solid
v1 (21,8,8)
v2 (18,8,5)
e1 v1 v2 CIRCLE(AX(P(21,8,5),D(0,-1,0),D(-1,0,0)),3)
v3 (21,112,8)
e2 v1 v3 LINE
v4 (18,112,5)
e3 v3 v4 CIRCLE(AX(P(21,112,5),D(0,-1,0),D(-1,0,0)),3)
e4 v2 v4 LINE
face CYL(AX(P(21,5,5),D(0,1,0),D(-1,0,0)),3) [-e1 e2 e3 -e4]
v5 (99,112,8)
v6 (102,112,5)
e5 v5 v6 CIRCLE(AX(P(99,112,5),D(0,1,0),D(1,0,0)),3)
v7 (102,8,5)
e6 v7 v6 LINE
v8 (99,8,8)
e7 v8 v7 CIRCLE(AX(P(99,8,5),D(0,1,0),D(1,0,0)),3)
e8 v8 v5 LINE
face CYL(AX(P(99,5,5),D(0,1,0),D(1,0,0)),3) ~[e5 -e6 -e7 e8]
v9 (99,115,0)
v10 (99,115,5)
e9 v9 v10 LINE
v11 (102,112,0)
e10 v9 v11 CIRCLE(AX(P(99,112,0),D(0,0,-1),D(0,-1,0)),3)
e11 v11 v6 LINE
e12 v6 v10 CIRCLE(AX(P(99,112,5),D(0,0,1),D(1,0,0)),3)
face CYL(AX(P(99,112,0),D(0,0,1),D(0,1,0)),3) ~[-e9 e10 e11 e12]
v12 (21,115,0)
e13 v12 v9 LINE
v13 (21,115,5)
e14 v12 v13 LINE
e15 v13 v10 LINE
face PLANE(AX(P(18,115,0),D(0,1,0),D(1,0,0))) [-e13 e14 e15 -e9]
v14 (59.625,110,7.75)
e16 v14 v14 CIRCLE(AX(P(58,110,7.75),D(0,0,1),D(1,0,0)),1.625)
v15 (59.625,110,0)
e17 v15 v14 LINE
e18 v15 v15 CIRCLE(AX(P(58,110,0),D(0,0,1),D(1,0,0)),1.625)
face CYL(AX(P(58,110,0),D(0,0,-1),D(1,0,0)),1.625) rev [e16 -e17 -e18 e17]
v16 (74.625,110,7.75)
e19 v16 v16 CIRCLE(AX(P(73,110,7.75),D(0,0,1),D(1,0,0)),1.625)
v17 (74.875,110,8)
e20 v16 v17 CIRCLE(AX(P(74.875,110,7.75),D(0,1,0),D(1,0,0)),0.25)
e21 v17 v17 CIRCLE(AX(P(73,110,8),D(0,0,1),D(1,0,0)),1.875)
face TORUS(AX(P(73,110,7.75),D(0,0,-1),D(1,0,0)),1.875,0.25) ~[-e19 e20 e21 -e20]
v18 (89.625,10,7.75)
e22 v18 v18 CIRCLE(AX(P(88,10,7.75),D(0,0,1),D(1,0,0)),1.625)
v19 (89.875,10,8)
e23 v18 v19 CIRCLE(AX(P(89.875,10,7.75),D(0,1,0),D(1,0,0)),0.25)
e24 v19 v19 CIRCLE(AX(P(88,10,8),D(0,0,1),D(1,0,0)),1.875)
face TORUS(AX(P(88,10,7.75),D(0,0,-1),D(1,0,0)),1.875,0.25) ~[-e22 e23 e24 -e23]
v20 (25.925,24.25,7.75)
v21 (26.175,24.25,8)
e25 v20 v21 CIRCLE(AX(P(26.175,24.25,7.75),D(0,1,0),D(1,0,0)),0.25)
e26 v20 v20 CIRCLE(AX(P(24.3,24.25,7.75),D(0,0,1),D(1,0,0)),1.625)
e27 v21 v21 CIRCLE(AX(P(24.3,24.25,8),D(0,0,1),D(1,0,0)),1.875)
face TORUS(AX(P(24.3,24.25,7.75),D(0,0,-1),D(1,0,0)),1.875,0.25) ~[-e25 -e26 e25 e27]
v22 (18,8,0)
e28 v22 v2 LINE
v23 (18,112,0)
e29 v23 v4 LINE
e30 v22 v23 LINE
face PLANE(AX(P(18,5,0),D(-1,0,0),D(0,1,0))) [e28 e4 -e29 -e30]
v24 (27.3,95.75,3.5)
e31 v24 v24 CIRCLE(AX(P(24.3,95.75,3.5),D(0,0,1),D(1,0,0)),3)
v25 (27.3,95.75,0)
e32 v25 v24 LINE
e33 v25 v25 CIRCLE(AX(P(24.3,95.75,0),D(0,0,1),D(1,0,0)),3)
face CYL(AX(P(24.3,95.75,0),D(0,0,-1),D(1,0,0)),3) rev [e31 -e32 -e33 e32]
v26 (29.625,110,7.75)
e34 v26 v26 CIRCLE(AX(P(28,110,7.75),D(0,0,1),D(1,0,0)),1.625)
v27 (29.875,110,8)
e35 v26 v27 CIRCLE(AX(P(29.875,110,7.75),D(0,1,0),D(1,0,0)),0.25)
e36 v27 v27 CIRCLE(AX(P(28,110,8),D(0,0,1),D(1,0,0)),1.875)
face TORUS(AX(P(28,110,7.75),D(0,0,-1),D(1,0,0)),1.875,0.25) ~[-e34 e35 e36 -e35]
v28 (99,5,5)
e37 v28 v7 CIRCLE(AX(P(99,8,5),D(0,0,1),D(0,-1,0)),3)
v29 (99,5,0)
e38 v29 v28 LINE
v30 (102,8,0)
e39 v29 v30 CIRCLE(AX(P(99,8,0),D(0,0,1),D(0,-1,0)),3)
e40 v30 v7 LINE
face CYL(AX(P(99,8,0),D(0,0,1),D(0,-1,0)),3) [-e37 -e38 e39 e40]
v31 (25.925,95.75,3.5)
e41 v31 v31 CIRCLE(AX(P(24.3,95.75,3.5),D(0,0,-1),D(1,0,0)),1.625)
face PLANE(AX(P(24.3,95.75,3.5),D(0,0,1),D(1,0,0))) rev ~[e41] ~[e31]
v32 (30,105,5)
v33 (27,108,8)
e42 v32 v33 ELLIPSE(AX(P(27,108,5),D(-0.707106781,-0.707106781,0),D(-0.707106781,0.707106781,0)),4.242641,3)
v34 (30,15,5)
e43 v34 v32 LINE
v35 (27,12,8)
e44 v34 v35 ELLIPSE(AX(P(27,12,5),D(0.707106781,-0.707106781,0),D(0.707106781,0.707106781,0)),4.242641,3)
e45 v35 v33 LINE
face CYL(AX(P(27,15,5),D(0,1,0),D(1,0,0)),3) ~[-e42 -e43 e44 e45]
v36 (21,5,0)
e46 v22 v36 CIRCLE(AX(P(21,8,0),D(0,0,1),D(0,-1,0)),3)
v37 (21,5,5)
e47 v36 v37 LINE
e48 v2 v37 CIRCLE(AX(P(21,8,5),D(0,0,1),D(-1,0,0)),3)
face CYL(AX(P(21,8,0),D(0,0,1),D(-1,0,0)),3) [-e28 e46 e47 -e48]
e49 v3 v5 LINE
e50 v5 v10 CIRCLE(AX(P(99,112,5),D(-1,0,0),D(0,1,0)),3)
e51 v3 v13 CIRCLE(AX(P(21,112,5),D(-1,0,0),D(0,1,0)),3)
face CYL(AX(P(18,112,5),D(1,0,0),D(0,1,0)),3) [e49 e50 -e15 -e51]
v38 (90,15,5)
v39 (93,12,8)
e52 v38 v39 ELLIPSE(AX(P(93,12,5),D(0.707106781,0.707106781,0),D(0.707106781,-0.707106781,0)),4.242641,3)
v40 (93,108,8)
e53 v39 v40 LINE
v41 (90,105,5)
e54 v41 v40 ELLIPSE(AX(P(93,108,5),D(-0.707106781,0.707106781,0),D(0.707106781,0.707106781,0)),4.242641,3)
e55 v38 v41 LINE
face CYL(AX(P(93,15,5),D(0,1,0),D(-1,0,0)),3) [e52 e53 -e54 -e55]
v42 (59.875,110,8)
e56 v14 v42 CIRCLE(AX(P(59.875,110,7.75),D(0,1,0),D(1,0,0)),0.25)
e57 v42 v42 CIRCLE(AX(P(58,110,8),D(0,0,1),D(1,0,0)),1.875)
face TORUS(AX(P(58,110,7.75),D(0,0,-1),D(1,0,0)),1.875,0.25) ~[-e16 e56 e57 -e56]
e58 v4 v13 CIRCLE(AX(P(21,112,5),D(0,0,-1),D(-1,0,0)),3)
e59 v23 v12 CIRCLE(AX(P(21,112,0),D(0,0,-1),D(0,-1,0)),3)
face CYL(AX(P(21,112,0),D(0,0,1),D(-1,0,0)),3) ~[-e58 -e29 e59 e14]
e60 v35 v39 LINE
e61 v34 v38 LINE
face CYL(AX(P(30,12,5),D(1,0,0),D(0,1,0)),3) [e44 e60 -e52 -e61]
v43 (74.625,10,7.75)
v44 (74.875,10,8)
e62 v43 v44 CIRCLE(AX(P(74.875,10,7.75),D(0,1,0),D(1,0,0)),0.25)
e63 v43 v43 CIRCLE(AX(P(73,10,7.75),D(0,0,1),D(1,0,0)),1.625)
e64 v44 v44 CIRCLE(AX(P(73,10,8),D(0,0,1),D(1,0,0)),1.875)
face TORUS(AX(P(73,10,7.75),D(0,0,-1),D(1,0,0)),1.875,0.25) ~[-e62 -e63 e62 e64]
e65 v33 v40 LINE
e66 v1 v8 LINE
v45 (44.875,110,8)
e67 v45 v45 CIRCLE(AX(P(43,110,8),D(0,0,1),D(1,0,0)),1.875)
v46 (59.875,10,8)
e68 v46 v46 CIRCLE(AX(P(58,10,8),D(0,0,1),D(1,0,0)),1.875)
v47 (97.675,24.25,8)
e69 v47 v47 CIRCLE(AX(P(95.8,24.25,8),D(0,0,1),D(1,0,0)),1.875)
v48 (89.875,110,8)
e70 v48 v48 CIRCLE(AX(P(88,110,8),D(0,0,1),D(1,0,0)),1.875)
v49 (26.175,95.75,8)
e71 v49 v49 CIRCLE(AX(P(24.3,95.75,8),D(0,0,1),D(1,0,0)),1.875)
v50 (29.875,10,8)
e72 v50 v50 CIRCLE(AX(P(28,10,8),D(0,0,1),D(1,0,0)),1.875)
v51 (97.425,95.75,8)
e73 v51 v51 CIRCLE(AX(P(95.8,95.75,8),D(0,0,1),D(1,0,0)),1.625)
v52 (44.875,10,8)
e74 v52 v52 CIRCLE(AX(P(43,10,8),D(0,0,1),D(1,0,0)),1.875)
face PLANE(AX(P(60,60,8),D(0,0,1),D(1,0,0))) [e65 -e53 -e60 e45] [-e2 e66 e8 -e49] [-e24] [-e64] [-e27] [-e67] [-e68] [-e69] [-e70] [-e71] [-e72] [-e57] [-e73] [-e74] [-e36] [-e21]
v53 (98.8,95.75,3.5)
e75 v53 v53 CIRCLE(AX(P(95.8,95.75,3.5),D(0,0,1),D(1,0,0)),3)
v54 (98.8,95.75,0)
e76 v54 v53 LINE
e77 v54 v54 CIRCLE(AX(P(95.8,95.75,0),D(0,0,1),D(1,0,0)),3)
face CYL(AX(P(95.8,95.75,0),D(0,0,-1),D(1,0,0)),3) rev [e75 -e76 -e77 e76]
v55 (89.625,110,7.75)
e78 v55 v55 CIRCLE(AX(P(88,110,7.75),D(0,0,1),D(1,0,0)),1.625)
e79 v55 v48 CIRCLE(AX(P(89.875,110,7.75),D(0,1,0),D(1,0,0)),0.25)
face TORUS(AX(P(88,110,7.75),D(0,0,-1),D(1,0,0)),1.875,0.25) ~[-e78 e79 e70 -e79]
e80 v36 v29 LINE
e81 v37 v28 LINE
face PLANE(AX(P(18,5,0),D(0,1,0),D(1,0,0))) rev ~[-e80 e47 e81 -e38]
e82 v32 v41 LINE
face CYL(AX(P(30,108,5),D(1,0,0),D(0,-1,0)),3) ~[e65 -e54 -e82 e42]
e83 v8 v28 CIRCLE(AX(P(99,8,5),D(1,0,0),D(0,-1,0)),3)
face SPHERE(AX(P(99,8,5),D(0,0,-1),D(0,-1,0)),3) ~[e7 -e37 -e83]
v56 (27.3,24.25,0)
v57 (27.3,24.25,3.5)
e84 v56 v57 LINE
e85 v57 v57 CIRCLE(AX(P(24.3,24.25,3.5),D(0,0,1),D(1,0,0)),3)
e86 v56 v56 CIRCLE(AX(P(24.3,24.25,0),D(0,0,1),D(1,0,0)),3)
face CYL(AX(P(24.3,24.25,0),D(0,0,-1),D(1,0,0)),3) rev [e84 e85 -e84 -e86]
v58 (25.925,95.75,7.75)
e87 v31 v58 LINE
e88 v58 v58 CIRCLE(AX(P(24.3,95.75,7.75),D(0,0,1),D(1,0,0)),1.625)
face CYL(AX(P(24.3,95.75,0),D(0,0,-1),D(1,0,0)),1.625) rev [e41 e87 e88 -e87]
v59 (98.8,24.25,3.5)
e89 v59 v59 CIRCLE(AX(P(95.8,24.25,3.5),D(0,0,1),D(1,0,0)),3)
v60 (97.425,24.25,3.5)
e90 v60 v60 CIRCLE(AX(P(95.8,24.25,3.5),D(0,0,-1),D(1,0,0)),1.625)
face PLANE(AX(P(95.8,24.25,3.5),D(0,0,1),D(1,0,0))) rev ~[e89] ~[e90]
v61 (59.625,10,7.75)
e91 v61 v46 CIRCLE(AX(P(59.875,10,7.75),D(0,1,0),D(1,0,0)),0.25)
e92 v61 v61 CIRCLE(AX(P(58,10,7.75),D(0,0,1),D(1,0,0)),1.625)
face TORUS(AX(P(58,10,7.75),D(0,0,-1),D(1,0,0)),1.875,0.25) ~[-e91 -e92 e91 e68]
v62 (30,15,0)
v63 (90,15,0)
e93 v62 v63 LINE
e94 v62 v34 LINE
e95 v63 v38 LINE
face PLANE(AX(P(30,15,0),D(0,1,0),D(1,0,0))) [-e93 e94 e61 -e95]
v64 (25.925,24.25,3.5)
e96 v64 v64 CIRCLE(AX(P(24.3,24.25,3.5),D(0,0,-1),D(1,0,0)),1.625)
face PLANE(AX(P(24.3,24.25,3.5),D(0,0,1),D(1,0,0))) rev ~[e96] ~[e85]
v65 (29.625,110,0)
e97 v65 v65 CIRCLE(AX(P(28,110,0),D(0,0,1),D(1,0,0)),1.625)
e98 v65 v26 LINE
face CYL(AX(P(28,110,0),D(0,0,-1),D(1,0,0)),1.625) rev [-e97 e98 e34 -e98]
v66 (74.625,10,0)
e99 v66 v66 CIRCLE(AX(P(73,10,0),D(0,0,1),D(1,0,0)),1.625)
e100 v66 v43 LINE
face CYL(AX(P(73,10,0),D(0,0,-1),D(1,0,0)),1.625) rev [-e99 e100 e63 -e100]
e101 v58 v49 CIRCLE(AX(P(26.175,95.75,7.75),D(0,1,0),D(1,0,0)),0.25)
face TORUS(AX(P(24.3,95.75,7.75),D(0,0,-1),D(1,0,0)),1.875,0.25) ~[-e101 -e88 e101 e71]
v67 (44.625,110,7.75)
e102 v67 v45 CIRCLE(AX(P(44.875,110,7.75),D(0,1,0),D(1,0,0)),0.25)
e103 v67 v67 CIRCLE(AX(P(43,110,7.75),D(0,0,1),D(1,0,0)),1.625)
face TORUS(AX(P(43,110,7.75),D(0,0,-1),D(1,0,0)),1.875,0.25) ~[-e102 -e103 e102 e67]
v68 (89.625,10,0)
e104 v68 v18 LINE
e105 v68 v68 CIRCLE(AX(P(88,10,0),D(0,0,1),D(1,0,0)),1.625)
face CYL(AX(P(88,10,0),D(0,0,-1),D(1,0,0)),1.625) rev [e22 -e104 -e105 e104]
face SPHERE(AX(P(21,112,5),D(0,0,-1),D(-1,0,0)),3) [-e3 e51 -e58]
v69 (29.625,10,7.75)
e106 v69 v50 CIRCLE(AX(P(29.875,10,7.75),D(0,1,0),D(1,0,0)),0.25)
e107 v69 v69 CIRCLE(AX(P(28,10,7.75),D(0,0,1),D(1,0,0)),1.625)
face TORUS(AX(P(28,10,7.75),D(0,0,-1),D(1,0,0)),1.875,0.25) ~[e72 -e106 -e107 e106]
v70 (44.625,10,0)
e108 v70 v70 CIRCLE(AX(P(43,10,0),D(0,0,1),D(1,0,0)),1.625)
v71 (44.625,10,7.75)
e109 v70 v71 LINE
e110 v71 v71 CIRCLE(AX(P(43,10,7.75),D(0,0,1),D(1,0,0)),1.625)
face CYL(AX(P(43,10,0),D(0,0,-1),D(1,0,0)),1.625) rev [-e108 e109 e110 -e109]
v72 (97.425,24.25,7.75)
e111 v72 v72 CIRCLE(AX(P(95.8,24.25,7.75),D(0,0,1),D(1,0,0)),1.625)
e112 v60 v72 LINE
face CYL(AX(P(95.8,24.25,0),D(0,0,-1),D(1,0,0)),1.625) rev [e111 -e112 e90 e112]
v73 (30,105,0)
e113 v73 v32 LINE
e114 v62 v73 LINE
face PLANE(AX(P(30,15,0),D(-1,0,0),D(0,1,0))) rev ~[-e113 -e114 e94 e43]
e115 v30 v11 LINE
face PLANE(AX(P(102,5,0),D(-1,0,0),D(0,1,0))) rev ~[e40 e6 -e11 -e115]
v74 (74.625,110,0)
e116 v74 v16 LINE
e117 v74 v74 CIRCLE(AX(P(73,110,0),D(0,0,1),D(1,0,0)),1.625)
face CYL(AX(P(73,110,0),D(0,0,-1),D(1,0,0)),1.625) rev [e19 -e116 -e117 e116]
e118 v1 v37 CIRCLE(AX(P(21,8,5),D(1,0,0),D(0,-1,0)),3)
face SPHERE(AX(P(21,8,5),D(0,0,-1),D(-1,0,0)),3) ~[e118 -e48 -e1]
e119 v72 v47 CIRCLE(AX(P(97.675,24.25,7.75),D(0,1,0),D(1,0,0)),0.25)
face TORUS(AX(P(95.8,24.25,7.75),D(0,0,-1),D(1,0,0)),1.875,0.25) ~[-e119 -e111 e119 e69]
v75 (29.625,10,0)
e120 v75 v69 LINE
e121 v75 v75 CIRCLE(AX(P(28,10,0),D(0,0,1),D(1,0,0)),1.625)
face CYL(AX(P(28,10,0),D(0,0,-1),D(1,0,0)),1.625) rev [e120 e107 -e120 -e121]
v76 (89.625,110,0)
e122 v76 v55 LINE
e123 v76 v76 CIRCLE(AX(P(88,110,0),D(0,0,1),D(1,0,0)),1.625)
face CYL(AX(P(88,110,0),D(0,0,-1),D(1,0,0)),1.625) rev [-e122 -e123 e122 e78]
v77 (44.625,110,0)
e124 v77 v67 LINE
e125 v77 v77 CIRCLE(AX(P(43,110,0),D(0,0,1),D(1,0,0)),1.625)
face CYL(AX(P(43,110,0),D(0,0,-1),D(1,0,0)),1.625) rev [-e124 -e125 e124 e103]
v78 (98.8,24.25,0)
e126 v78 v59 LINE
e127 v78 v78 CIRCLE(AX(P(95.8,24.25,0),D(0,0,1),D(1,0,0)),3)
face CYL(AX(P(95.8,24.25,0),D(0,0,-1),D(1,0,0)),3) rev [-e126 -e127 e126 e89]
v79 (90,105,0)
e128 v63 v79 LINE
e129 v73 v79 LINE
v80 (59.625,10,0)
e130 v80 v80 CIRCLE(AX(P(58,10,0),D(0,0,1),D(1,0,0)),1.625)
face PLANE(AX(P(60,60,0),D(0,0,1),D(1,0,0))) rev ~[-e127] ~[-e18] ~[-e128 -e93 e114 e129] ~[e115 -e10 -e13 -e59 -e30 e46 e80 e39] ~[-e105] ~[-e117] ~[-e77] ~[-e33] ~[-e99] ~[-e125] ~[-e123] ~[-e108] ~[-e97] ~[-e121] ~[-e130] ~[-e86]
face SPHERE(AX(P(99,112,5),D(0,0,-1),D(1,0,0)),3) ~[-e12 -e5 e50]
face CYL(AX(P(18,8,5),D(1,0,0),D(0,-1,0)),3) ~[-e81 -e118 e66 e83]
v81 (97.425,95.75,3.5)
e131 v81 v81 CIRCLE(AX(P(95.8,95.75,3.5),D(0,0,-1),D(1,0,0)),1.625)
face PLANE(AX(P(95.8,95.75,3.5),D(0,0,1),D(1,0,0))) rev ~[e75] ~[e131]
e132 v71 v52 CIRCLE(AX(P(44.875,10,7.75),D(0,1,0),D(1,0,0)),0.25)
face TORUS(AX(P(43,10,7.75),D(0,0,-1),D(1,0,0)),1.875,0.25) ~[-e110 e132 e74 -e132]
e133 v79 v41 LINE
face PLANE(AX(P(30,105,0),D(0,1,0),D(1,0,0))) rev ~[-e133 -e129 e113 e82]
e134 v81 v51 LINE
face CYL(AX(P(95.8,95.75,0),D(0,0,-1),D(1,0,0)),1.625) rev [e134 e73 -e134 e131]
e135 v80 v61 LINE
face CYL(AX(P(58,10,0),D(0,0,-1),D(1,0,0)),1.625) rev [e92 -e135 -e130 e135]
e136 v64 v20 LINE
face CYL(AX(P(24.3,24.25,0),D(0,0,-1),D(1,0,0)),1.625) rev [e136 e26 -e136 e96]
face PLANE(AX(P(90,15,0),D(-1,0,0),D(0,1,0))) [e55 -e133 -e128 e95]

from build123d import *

# Parameters (mm, degrees)
SKETCH015_R      = 3
EXTRUDE015_DEPTH = 3.5
SKETCH014_W      = 84
SKETCH014_H      = 110
SKETCH014_R      = 1.625
SKETCH014_W_2    = 60
SKETCH014_H_2    = 90
EXTRUDE014_DEPTH = 8
FILLET020_R      = 3
FILLET021_R      = 0.25


with BuildPart() as extrude015:
    # Sketch015 → Extrude015 (new body)
    with BuildSketch(Plane.XY):
        with Locations((24.3, 95.75)):
            Circle(SKETCH015_R)
        with Locations((95.8, 95.75)):
            Circle(SKETCH015_R)
        with Locations((95.8, 24.25)):
            Circle(SKETCH015_R)
        with Locations((24.3, 24.25)):
            Circle(SKETCH015_R)
    extrude(amount=EXTRUDE015_DEPTH)


with BuildPart() as n2holder001:
    # Sketch014 → Extrude014 (new body)
    with BuildSketch(Plane.XY):
        with Locations((60, 60)):
            Rectangle(SKETCH014_W, SKETCH014_H)
        with Locations((24.3, 95.75)):
            Circle(SKETCH014_R, mode=Mode.SUBTRACT)
        with Locations((95.8, 95.75)):
            Circle(SKETCH014_R, mode=Mode.SUBTRACT)
        with Locations((95.8, 24.25)):
            Circle(SKETCH014_R, mode=Mode.SUBTRACT)
        with Locations((24.3, 24.25)):
            Circle(SKETCH014_R, mode=Mode.SUBTRACT)
        with Locations((28, 10)):
            Circle(SKETCH014_R, mode=Mode.SUBTRACT)
        with Locations((43, 10)):
            Circle(SKETCH014_R, mode=Mode.SUBTRACT)
        with Locations((58, 10)):
            Circle(SKETCH014_R, mode=Mode.SUBTRACT)
        with Locations((73, 10)):
            Circle(SKETCH014_R, mode=Mode.SUBTRACT)
        with Locations((88, 10)):
            Circle(SKETCH014_R, mode=Mode.SUBTRACT)
        with Locations((28, 110)):
            Circle(SKETCH014_R, mode=Mode.SUBTRACT)
        with Locations((43, 110)):
            Circle(SKETCH014_R, mode=Mode.SUBTRACT)
        with Locations((58, 110)):
            Circle(SKETCH014_R, mode=Mode.SUBTRACT)
        with Locations((73, 110)):
            Circle(SKETCH014_R, mode=Mode.SUBTRACT)
        with Locations((88, 110)):
            Circle(SKETCH014_R, mode=Mode.SUBTRACT)
        with Locations((60, 60)):
            Rectangle(SKETCH014_W_2, SKETCH014_H_2, mode=Mode.SUBTRACT)
    extrude(amount=EXTRUDE014_DEPTH)

    # Fillet020
    fillet020_edges = [n2holder001.edges().sort_by_distance(p)[0] for p in [
        (18, 115, 4),
        (18, 5, 4),
        (18, 60, 8),
        (102, 5, 4),
        (60, 5, 8),
        (102, 115, 4),
        (102, 60, 8),
        (60, 115, 8),
        (30, 60, 8),
        (60, 15, 8),
        (90, 60, 8),
        (60, 105, 8),
    ]]
    fillet(fillet020_edges, radius=FILLET020_R)

    # Fillet021
    fillet021_edges = [n2holder001.edges().sort_by_distance(p)[0] for p in [
        (86.375, 110, 8),
        (71.375, 110, 8),
        (56.375, 110, 8),
        (41.375, 110, 8),
        (26.375, 110, 8),
        (86.375, 10, 8),
        (71.375, 10, 8),
        (56.375, 10, 8),
        (41.375, 10, 8),
        (26.375, 10, 8),
        (22.675, 24.25, 8),
        (94.175, 24.25, 8),
        (22.675, 95.75, 8),
    ]]
    fillet(fillet021_edges, radius=FILLET021_R)

    # Cut022: cut Extrude015
    add(extrude015.part, mode=Mode.SUBTRACT)


solid = n2holder001.part
